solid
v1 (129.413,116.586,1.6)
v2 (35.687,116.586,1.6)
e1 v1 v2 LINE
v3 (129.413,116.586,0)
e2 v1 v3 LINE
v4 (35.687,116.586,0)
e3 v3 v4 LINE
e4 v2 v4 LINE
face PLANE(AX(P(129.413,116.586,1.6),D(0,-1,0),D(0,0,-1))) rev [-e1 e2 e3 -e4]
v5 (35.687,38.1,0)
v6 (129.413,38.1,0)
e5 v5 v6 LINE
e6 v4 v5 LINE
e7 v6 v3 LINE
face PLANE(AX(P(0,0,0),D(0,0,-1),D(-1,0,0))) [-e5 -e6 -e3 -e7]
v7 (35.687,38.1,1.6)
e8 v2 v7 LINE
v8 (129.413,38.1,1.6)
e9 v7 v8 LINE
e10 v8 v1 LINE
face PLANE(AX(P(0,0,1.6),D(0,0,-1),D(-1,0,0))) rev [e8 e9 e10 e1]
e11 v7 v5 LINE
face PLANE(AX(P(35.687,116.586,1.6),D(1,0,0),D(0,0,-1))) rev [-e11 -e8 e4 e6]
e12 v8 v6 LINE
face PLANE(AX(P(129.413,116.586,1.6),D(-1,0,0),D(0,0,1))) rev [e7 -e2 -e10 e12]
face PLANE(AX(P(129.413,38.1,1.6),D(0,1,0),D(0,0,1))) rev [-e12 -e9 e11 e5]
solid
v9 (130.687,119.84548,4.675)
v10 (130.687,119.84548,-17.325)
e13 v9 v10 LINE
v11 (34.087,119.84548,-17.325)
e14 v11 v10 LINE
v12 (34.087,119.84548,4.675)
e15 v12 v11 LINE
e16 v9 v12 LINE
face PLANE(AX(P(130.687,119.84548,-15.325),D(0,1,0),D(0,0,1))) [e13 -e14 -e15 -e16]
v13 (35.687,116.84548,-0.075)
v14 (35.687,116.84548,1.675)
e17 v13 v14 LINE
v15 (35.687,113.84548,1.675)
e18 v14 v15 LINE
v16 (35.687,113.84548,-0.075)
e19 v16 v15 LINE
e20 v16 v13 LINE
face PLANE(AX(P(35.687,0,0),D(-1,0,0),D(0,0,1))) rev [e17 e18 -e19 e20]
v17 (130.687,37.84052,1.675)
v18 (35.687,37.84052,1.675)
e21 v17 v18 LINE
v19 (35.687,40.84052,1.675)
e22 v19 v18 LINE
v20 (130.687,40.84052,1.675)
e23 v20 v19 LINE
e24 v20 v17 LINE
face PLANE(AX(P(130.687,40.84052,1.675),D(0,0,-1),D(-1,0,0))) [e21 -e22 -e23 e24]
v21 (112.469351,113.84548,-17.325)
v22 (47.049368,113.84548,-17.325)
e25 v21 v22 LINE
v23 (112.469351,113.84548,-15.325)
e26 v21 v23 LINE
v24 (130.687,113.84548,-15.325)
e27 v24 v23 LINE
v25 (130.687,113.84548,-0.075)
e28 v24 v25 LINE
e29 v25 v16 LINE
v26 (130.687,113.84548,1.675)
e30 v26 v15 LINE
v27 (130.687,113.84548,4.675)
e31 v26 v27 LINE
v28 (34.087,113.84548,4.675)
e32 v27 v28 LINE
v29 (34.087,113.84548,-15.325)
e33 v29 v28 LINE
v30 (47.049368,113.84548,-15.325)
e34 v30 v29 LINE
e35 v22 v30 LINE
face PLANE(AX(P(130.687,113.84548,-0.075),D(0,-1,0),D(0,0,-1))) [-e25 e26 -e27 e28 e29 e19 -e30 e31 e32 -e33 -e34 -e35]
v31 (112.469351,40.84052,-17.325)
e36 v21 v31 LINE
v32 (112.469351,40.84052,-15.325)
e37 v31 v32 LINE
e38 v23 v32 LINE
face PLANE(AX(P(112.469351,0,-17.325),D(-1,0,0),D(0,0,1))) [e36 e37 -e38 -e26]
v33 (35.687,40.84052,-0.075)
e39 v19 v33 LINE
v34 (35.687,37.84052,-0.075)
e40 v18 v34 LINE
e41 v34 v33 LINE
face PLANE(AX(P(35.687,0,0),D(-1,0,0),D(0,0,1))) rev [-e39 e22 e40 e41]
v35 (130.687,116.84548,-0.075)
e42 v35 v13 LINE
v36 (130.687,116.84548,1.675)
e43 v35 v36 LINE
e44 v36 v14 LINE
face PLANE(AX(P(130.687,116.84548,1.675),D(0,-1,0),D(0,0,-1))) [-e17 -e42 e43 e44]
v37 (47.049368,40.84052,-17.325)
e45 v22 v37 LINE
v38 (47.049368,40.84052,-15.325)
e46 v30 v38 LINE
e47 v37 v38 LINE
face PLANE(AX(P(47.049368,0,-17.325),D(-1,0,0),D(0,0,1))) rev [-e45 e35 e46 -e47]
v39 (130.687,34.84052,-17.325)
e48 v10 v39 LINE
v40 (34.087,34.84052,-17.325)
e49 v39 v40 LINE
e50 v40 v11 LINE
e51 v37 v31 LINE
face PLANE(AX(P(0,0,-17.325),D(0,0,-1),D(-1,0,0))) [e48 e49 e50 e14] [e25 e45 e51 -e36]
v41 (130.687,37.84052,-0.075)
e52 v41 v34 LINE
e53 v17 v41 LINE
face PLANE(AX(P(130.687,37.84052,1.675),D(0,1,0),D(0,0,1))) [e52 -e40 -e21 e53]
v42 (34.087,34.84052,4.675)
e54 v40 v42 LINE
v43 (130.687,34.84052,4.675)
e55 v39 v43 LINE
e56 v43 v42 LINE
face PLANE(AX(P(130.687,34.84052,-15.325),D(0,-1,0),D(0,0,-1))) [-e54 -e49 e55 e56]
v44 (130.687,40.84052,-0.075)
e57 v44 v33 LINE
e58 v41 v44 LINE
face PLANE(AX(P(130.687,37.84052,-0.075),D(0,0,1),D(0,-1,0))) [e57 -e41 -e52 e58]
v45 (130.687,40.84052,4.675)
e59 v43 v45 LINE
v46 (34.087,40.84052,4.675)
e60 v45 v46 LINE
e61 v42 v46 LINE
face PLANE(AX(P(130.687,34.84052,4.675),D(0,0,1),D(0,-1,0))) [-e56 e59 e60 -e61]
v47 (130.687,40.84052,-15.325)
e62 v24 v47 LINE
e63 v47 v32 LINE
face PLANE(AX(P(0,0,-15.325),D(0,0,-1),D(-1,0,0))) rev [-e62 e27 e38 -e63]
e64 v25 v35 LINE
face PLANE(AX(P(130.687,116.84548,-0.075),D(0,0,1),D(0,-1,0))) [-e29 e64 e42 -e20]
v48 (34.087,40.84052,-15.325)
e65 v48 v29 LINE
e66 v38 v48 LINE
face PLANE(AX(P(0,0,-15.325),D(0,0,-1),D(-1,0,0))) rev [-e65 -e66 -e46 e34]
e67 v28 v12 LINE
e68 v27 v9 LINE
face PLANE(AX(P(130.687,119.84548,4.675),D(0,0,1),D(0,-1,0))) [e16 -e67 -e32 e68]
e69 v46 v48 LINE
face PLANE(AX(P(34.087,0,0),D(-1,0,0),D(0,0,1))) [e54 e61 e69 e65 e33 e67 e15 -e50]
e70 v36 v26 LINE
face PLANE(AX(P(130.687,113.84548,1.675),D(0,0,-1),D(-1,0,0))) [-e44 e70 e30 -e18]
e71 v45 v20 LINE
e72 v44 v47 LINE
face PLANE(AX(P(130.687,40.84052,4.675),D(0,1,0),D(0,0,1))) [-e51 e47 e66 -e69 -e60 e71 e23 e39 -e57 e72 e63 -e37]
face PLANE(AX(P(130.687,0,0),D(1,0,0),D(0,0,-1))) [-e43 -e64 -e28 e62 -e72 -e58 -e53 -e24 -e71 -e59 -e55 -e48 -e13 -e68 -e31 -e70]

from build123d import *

# Parameters (mm, degrees)
SKETCH4_W             = 93.726
SKETCH4_H             = 78.486
BOSS_EXTRUDE1_DEPTH   = 1.6
BOSS_EXTRUDE2_DEPTH   = 95
BOSS_EXTRUDE2_2_DEPTH = 95
SKETCH6_W             = 20
SKETCH6_H             = 6
BOSS_EXTRUDE3_DEPTH   = 1.6
SKETCH7_W             = 96.6
SKETCH7_H             = 85.004960342
SKETCH7_W_2           = 65.419983822
SKETCH7_H_2           = 73.004960342
BOSS_EXTRUDE4_DEPTH   = 2


with BuildPart() as part:
    # Sketch4 → Boss-Extrude1 (new body)
    with BuildSketch(Plane.XY):
        with Locations((82.55, 77.343)):
            Rectangle(SKETCH4_W, SKETCH4_H)
    extrude(amount=BOSS_EXTRUDE1_DEPTH)


with BuildPart() as body_2:
    # Sketch5 → Boss-Extrude2 (new body)
    with BuildSketch(Plane.ZY.offset(-35.687)):
        Polygon((-0.075, 113.845480171), (-15.325, 113.845480171), (-15.325, 119.845480171), (4.675, 119.845480171), (4.675, 113.845480171), (1.675, 113.845480171), (1.675, 116.845480171), (-0.075, 116.845480171), align=None)
    extrude(amount=-BOSS_EXTRUDE2_DEPTH)

    # Sketch6 → Boss-Extrude3 (add)
    with BuildSketch(Plane.ZY.offset(-35.687)):
        with Locations((-5.325, 116.845480171)):
            Rectangle(SKETCH6_W, SKETCH6_H)
        with Locations((-5.325, 37.840519829)):
            Rectangle(SKETCH6_W, SKETCH6_H)
    extrude(amount=BOSS_EXTRUDE3_DEPTH)


with BuildPart() as body_3:
    # Sketch5 → Boss-Extrude2 2 (new body)
    with BuildSketch(Plane.ZY.offset(-35.687)):
        Polygon((-0.075, 37.840519829), (-0.075, 40.840519829), (-15.325, 40.840519829), (-15.325, 34.840519829), (4.675, 34.840519829), (4.675, 40.840519829), (1.675, 40.840519829), (1.675, 37.840519829), align=None)
    extrude(amount=-BOSS_EXTRUDE2_2_DEPTH)


with BuildPart() as boss_extrude3_piece_1:
    # of the separate pieces the step leaves, piece 1, a body of its own (boss_extrude3_pieces)
    add(body_2.part.solids().sort_by_distance((35.687, 113.845480171, -0.075))[0])

    # Sketch7 → Boss-Extrude4 (add)
    with BuildSketch(Plane(origin=(0, 0, -15.325), x_dir=(-1, 0, 0), z_dir=(0, 0, -1))):
        with Locations((-82.387, 77.343)):
            Rectangle(SKETCH7_W, SKETCH7_H)
        with Locations((-79.759359545, 77.343)):
            Rectangle(SKETCH7_W_2, SKETCH7_H_2, mode=Mode.SUBTRACT)
    extrude(amount=BOSS_EXTRUDE4_DEPTH)


with BuildPart() as boss_extrude3_piece_2:
    # of the separate pieces the step leaves, piece 2, a body of its own (boss_extrude3_pieces)
    add(body_2.part.solids().sort_by_distance((35.687, 34.840519829, 4.675))[0])


with BuildPart() as body_3_1:
    add(body_3.part)

    # Combine1: union Boss-Extrude3 piece 2, Boss-Extrude3 piece 1
    add(boss_extrude3_piece_2.part)
    add(boss_extrude3_piece_1.part)


solid = Compound([part.part, body_3_1.part])
